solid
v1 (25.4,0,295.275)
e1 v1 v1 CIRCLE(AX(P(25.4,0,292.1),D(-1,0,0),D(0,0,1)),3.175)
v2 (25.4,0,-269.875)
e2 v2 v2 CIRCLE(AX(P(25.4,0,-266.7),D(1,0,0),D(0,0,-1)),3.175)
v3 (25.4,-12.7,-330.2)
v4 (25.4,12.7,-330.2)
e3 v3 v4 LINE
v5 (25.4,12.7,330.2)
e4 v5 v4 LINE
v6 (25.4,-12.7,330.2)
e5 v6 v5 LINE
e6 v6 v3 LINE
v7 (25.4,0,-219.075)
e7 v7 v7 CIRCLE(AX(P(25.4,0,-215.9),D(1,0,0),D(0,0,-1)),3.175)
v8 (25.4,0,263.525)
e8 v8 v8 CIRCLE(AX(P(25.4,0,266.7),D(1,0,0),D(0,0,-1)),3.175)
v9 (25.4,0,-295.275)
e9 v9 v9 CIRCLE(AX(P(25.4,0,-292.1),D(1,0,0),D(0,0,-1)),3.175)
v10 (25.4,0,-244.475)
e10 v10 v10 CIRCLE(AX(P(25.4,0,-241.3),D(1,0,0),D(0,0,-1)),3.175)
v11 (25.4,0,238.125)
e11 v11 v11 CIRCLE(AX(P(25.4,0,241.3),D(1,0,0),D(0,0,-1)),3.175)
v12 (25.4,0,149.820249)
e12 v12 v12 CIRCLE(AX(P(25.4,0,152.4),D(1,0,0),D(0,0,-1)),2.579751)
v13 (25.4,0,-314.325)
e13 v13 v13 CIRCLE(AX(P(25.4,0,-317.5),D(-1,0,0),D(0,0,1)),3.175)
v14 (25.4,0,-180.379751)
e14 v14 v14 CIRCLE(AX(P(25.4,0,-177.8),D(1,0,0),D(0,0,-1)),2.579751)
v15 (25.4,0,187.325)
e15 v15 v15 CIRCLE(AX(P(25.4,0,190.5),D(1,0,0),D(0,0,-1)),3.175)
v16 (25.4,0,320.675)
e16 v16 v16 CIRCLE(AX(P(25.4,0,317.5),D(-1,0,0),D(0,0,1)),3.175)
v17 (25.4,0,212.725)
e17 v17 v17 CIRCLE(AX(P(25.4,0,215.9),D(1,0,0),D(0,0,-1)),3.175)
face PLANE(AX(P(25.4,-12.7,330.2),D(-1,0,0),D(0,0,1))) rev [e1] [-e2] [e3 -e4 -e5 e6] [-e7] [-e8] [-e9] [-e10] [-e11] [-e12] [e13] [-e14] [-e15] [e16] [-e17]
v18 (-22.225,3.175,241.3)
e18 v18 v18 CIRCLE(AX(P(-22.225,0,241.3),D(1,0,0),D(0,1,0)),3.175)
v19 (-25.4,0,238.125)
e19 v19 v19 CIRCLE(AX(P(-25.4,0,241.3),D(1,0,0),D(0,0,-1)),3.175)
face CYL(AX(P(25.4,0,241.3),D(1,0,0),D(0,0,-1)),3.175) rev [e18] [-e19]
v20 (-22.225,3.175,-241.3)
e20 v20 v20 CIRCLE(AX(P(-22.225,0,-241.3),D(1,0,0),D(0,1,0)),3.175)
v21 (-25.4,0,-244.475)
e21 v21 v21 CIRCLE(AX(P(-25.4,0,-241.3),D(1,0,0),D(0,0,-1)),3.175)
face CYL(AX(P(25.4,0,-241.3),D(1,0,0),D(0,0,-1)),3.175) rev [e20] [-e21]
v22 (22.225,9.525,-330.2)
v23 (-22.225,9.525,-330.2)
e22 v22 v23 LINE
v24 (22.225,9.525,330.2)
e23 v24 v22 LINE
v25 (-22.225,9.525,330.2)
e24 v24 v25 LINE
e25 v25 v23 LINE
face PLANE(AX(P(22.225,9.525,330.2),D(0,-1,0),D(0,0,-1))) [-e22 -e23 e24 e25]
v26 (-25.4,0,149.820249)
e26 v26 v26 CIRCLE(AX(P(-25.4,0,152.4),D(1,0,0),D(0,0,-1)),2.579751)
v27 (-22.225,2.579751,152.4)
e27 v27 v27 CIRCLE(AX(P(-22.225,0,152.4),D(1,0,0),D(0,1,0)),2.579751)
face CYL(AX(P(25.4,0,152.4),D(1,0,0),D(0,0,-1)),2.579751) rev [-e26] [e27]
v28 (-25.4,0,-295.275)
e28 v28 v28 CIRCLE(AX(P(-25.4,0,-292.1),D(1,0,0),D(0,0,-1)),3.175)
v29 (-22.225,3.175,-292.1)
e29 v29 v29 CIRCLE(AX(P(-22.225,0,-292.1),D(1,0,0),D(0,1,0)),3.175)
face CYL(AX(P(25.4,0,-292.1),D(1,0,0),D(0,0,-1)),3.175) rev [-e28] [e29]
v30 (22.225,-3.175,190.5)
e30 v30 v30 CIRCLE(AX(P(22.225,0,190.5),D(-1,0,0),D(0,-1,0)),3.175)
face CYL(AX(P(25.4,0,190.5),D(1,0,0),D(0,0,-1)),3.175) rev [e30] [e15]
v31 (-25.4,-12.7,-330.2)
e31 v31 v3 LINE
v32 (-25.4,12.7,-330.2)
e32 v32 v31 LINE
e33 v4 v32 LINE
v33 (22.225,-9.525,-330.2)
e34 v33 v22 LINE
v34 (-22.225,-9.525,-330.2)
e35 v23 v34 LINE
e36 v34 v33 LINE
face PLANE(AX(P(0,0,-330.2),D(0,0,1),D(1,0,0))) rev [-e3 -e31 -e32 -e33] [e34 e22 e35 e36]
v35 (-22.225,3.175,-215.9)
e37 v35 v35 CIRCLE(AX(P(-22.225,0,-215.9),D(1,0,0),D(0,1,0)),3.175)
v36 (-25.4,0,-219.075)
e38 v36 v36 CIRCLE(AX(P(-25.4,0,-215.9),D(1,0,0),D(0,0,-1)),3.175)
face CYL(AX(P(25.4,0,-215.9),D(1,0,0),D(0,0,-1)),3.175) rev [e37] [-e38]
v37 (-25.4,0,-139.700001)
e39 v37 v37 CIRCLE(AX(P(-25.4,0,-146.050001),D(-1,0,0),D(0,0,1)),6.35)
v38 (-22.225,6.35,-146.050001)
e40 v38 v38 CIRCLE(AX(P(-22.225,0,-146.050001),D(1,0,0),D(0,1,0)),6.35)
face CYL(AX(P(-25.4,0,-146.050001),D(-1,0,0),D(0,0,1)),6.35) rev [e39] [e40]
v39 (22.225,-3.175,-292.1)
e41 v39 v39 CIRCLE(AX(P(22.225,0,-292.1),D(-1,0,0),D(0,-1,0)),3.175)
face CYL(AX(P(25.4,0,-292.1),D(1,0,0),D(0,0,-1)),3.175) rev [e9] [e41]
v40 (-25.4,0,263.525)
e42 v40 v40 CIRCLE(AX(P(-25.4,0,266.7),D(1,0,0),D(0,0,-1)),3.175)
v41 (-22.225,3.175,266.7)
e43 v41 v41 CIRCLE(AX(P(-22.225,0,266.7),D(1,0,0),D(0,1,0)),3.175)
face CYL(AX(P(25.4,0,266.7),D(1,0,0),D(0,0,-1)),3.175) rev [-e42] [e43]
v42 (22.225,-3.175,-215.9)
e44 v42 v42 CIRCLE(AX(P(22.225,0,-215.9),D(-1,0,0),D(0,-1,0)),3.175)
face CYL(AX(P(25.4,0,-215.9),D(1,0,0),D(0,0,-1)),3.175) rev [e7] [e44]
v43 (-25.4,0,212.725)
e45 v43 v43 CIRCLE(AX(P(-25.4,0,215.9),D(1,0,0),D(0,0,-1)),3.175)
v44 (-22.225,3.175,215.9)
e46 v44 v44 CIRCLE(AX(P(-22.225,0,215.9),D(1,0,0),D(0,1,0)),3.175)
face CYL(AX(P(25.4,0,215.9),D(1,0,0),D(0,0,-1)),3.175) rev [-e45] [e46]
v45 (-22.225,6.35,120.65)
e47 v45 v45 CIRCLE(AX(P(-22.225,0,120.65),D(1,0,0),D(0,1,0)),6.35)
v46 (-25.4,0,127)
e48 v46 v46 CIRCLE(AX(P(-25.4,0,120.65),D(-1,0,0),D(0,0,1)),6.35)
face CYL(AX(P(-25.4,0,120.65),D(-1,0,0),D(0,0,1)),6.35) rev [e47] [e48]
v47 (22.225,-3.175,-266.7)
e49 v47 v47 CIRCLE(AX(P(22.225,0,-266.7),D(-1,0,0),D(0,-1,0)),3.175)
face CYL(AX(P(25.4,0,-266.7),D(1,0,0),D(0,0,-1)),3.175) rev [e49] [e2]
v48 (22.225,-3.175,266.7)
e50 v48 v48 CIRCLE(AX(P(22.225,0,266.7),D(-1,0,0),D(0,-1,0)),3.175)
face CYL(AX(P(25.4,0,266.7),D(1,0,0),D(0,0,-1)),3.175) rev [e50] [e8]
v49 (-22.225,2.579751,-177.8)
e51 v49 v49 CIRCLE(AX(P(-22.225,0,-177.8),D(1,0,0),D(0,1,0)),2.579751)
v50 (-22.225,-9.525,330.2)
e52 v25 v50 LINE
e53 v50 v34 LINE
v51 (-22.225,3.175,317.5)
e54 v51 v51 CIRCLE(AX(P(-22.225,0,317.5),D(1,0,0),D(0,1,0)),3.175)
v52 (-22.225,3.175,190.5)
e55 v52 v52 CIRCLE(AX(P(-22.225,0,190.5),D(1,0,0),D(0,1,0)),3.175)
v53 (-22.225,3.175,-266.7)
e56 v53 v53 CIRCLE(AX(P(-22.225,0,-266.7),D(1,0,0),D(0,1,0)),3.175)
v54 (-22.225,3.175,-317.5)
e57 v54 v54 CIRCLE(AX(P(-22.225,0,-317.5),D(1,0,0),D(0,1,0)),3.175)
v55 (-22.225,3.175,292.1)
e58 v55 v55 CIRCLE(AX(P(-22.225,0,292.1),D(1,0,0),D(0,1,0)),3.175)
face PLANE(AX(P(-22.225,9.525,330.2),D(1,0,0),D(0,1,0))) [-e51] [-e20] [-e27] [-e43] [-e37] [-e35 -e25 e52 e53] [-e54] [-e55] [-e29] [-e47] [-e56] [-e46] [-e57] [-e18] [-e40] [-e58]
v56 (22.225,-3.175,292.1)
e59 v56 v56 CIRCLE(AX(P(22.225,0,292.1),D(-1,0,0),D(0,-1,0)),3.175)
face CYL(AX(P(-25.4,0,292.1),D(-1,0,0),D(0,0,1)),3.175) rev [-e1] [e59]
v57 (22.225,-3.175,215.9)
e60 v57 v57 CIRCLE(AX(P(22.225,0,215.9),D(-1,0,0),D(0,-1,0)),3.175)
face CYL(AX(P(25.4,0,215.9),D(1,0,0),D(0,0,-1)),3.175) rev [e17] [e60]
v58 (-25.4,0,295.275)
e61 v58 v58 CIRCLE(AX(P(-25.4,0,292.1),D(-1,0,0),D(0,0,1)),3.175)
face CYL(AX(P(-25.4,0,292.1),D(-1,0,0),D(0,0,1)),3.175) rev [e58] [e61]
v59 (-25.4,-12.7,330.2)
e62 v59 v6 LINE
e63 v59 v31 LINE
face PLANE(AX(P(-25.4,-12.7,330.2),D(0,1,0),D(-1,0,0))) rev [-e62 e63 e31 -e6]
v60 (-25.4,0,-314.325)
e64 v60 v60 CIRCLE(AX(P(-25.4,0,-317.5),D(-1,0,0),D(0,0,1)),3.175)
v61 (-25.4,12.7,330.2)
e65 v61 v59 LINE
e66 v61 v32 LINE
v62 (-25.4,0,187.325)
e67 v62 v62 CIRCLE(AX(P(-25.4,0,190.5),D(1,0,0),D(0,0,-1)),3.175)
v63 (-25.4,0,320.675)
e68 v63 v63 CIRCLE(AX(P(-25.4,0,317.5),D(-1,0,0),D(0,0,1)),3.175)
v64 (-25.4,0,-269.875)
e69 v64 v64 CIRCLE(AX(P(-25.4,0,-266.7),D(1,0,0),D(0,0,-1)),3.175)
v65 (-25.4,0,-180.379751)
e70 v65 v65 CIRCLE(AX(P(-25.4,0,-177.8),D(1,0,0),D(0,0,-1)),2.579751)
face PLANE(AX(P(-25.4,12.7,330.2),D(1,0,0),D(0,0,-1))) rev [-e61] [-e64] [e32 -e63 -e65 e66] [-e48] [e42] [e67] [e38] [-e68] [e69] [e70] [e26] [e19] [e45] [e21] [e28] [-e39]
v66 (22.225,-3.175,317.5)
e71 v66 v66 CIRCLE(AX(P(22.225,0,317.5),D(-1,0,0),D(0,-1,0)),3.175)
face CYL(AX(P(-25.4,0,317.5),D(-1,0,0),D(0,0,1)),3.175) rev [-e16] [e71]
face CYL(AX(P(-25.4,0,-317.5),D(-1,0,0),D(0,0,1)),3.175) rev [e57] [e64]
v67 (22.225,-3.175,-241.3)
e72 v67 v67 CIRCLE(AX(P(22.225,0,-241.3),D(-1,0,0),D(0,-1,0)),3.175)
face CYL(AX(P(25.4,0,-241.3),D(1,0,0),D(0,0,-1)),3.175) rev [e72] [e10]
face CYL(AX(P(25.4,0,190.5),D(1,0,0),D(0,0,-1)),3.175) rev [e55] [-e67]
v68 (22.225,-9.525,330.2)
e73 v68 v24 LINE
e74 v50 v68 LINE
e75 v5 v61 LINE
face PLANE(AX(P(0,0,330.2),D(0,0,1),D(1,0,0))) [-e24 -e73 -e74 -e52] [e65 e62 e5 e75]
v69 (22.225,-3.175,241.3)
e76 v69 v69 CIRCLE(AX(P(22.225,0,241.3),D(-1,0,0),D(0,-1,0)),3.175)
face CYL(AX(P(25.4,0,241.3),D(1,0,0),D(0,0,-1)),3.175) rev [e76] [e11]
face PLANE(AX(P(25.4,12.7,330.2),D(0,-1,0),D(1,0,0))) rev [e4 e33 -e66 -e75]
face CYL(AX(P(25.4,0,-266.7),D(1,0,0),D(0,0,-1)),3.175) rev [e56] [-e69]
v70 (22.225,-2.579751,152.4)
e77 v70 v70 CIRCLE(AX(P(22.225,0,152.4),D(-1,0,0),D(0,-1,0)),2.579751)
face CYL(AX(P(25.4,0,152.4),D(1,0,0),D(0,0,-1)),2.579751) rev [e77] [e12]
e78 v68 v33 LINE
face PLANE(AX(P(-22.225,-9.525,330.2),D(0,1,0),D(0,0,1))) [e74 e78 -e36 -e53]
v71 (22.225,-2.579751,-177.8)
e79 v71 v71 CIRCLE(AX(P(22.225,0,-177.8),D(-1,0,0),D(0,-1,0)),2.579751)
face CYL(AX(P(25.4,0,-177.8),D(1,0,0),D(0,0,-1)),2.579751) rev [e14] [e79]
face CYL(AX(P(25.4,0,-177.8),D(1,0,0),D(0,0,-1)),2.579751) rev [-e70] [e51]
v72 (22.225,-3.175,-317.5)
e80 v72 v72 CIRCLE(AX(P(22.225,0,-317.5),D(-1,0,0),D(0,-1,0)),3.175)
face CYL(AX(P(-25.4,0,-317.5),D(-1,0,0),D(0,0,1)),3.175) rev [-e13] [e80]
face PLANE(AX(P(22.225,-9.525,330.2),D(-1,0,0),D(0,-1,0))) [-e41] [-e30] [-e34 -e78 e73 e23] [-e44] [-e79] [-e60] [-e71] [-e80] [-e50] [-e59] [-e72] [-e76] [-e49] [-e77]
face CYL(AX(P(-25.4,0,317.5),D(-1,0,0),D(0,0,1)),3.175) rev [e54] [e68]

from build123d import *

# Parameters (mm, degrees)
BOSS_EXTRUDE1_DEPTH              = 330.2
BOSS_EXTRUDE1_DEPTH_BACK         = 330.2
SKETCH3_W                        = 50.8
SKETCH3_H                        = 25.4
SKETCH3_W_2                      = 44.45
SKETCH3_H_2                      = 19.05
F_1_4_0_25_DIAMETER_HOLE3_D      = 6.35
F_1_4_0_25_DIAMETER_HOLE4_D      = 6.35
F_1_4_0_25_DIAMETER_HOLE5_D      = 6.35
F_1_4_0_25_DIAMETER_HOLE6_D      = 6.35
F_1_4_0_25_DIAMETER_HOLE7_D      = 6.35
F_1_4_0_25_DIAMETER_HOLE8_D      = 6.35
F_13_64_0_20313_DIAMETER_HOLE1_D = 5.159502
F_1_2_0_5_DIAMETER_HOLE1_D       = 12.7
F_1_2_0_5_DIAMETER_HOLE1_DEPTH   = 6.35
F_1_2_0_5_DIAMETER_HOLE1_TIP     = 3.815464931


with BuildPart() as part:
    # Sketch3 → Boss-Extrude1 (new, two sides: drawn at the far end of the back side and taken through both)
    with BuildSketch(Plane.XY.offset(-BOSS_EXTRUDE1_DEPTH_BACK)):
        Rectangle(SKETCH3_W, SKETCH3_H)
        Rectangle(SKETCH3_W_2, SKETCH3_H_2, mode=Mode.SUBTRACT)
    extrude(amount=BOSS_EXTRUDE1_DEPTH + BOSS_EXTRUDE1_DEPTH_BACK)

    # 1/4 (0.25) Diameter Hole3 (through all)
    with Locations(Plane.ZY.offset(25.4)):
        with Locations((-317.5, 0)):
            Hole(F_1_4_0_25_DIAMETER_HOLE3_D / 2)

    # 1/4 (0.25) Diameter Hole4 (through all)
    with Locations(Plane.ZY.offset(25.4)):
        with Locations((292.1, 0), (317.5, 0)):
            Hole(F_1_4_0_25_DIAMETER_HOLE4_D / 2)

    # 1/4 (0.25) Diameter Hole5 (through all)
    with Locations(Plane(origin=(25.4, 0, 0), x_dir=(0, 0, -1), z_dir=(1, 0, 0))):
        with Locations((292.1, 0), (266.7, 0)):
            Hole(F_1_4_0_25_DIAMETER_HOLE5_D / 2)

    # 1/4 (0.25) Diameter Hole6 (through all)
    with Locations(Plane(origin=(25.4, 0, 0), x_dir=(0, 0, -1), z_dir=(1, 0, 0))):
        with Locations((215.9, 0), (241.3, 0)):
            Hole(F_1_4_0_25_DIAMETER_HOLE6_D / 2)

    # 1/4 (0.25) Diameter Hole7 (through all)
    with Locations(Plane(origin=(25.4, 0, 0), x_dir=(0, 0, -1), z_dir=(1, 0, 0))):
        with Locations((-190.5, 0), (-215.9, 0)):
            Hole(F_1_4_0_25_DIAMETER_HOLE7_D / 2)

    # 1/4 (0.25) Diameter Hole8 (through all)
    with Locations(Plane(origin=(25.4, 0, 0), x_dir=(0, 0, -1), z_dir=(1, 0, 0))):
        with Locations((-266.7, 0), (-241.3, 0)):
            Hole(F_1_4_0_25_DIAMETER_HOLE8_D / 2)

    # 13/64 (0.20313) Diameter Hole1 (through all)
    with Locations(Plane(origin=(25.4, 0, 0), x_dir=(0, 0, -1), z_dir=(1, 0, 0))):
        with Locations((-152.4, 0), (177.8, 0)):
            Hole(F_13_64_0_20313_DIAMETER_HOLE1_D / 2)

    # 1/2 (0.5) Diameter Hole1
    with Locations(Plane.ZY.offset(25.4)):
        with Locations((-146.050000508, 4.9e-08), (120.65, 1.7e-08)):
            Hole(F_1_2_0_5_DIAMETER_HOLE1_D / 2, depth=F_1_2_0_5_DIAMETER_HOLE1_DEPTH)
            with Locations((0, 0, -(F_1_2_0_5_DIAMETER_HOLE1_DEPTH + F_1_2_0_5_DIAMETER_HOLE1_TIP / 2))):  # 118° drill point
                Cone(0, F_1_2_0_5_DIAMETER_HOLE1_D / 2, F_1_2_0_5_DIAMETER_HOLE1_TIP, mode=Mode.SUBTRACT)


solid = part.part
